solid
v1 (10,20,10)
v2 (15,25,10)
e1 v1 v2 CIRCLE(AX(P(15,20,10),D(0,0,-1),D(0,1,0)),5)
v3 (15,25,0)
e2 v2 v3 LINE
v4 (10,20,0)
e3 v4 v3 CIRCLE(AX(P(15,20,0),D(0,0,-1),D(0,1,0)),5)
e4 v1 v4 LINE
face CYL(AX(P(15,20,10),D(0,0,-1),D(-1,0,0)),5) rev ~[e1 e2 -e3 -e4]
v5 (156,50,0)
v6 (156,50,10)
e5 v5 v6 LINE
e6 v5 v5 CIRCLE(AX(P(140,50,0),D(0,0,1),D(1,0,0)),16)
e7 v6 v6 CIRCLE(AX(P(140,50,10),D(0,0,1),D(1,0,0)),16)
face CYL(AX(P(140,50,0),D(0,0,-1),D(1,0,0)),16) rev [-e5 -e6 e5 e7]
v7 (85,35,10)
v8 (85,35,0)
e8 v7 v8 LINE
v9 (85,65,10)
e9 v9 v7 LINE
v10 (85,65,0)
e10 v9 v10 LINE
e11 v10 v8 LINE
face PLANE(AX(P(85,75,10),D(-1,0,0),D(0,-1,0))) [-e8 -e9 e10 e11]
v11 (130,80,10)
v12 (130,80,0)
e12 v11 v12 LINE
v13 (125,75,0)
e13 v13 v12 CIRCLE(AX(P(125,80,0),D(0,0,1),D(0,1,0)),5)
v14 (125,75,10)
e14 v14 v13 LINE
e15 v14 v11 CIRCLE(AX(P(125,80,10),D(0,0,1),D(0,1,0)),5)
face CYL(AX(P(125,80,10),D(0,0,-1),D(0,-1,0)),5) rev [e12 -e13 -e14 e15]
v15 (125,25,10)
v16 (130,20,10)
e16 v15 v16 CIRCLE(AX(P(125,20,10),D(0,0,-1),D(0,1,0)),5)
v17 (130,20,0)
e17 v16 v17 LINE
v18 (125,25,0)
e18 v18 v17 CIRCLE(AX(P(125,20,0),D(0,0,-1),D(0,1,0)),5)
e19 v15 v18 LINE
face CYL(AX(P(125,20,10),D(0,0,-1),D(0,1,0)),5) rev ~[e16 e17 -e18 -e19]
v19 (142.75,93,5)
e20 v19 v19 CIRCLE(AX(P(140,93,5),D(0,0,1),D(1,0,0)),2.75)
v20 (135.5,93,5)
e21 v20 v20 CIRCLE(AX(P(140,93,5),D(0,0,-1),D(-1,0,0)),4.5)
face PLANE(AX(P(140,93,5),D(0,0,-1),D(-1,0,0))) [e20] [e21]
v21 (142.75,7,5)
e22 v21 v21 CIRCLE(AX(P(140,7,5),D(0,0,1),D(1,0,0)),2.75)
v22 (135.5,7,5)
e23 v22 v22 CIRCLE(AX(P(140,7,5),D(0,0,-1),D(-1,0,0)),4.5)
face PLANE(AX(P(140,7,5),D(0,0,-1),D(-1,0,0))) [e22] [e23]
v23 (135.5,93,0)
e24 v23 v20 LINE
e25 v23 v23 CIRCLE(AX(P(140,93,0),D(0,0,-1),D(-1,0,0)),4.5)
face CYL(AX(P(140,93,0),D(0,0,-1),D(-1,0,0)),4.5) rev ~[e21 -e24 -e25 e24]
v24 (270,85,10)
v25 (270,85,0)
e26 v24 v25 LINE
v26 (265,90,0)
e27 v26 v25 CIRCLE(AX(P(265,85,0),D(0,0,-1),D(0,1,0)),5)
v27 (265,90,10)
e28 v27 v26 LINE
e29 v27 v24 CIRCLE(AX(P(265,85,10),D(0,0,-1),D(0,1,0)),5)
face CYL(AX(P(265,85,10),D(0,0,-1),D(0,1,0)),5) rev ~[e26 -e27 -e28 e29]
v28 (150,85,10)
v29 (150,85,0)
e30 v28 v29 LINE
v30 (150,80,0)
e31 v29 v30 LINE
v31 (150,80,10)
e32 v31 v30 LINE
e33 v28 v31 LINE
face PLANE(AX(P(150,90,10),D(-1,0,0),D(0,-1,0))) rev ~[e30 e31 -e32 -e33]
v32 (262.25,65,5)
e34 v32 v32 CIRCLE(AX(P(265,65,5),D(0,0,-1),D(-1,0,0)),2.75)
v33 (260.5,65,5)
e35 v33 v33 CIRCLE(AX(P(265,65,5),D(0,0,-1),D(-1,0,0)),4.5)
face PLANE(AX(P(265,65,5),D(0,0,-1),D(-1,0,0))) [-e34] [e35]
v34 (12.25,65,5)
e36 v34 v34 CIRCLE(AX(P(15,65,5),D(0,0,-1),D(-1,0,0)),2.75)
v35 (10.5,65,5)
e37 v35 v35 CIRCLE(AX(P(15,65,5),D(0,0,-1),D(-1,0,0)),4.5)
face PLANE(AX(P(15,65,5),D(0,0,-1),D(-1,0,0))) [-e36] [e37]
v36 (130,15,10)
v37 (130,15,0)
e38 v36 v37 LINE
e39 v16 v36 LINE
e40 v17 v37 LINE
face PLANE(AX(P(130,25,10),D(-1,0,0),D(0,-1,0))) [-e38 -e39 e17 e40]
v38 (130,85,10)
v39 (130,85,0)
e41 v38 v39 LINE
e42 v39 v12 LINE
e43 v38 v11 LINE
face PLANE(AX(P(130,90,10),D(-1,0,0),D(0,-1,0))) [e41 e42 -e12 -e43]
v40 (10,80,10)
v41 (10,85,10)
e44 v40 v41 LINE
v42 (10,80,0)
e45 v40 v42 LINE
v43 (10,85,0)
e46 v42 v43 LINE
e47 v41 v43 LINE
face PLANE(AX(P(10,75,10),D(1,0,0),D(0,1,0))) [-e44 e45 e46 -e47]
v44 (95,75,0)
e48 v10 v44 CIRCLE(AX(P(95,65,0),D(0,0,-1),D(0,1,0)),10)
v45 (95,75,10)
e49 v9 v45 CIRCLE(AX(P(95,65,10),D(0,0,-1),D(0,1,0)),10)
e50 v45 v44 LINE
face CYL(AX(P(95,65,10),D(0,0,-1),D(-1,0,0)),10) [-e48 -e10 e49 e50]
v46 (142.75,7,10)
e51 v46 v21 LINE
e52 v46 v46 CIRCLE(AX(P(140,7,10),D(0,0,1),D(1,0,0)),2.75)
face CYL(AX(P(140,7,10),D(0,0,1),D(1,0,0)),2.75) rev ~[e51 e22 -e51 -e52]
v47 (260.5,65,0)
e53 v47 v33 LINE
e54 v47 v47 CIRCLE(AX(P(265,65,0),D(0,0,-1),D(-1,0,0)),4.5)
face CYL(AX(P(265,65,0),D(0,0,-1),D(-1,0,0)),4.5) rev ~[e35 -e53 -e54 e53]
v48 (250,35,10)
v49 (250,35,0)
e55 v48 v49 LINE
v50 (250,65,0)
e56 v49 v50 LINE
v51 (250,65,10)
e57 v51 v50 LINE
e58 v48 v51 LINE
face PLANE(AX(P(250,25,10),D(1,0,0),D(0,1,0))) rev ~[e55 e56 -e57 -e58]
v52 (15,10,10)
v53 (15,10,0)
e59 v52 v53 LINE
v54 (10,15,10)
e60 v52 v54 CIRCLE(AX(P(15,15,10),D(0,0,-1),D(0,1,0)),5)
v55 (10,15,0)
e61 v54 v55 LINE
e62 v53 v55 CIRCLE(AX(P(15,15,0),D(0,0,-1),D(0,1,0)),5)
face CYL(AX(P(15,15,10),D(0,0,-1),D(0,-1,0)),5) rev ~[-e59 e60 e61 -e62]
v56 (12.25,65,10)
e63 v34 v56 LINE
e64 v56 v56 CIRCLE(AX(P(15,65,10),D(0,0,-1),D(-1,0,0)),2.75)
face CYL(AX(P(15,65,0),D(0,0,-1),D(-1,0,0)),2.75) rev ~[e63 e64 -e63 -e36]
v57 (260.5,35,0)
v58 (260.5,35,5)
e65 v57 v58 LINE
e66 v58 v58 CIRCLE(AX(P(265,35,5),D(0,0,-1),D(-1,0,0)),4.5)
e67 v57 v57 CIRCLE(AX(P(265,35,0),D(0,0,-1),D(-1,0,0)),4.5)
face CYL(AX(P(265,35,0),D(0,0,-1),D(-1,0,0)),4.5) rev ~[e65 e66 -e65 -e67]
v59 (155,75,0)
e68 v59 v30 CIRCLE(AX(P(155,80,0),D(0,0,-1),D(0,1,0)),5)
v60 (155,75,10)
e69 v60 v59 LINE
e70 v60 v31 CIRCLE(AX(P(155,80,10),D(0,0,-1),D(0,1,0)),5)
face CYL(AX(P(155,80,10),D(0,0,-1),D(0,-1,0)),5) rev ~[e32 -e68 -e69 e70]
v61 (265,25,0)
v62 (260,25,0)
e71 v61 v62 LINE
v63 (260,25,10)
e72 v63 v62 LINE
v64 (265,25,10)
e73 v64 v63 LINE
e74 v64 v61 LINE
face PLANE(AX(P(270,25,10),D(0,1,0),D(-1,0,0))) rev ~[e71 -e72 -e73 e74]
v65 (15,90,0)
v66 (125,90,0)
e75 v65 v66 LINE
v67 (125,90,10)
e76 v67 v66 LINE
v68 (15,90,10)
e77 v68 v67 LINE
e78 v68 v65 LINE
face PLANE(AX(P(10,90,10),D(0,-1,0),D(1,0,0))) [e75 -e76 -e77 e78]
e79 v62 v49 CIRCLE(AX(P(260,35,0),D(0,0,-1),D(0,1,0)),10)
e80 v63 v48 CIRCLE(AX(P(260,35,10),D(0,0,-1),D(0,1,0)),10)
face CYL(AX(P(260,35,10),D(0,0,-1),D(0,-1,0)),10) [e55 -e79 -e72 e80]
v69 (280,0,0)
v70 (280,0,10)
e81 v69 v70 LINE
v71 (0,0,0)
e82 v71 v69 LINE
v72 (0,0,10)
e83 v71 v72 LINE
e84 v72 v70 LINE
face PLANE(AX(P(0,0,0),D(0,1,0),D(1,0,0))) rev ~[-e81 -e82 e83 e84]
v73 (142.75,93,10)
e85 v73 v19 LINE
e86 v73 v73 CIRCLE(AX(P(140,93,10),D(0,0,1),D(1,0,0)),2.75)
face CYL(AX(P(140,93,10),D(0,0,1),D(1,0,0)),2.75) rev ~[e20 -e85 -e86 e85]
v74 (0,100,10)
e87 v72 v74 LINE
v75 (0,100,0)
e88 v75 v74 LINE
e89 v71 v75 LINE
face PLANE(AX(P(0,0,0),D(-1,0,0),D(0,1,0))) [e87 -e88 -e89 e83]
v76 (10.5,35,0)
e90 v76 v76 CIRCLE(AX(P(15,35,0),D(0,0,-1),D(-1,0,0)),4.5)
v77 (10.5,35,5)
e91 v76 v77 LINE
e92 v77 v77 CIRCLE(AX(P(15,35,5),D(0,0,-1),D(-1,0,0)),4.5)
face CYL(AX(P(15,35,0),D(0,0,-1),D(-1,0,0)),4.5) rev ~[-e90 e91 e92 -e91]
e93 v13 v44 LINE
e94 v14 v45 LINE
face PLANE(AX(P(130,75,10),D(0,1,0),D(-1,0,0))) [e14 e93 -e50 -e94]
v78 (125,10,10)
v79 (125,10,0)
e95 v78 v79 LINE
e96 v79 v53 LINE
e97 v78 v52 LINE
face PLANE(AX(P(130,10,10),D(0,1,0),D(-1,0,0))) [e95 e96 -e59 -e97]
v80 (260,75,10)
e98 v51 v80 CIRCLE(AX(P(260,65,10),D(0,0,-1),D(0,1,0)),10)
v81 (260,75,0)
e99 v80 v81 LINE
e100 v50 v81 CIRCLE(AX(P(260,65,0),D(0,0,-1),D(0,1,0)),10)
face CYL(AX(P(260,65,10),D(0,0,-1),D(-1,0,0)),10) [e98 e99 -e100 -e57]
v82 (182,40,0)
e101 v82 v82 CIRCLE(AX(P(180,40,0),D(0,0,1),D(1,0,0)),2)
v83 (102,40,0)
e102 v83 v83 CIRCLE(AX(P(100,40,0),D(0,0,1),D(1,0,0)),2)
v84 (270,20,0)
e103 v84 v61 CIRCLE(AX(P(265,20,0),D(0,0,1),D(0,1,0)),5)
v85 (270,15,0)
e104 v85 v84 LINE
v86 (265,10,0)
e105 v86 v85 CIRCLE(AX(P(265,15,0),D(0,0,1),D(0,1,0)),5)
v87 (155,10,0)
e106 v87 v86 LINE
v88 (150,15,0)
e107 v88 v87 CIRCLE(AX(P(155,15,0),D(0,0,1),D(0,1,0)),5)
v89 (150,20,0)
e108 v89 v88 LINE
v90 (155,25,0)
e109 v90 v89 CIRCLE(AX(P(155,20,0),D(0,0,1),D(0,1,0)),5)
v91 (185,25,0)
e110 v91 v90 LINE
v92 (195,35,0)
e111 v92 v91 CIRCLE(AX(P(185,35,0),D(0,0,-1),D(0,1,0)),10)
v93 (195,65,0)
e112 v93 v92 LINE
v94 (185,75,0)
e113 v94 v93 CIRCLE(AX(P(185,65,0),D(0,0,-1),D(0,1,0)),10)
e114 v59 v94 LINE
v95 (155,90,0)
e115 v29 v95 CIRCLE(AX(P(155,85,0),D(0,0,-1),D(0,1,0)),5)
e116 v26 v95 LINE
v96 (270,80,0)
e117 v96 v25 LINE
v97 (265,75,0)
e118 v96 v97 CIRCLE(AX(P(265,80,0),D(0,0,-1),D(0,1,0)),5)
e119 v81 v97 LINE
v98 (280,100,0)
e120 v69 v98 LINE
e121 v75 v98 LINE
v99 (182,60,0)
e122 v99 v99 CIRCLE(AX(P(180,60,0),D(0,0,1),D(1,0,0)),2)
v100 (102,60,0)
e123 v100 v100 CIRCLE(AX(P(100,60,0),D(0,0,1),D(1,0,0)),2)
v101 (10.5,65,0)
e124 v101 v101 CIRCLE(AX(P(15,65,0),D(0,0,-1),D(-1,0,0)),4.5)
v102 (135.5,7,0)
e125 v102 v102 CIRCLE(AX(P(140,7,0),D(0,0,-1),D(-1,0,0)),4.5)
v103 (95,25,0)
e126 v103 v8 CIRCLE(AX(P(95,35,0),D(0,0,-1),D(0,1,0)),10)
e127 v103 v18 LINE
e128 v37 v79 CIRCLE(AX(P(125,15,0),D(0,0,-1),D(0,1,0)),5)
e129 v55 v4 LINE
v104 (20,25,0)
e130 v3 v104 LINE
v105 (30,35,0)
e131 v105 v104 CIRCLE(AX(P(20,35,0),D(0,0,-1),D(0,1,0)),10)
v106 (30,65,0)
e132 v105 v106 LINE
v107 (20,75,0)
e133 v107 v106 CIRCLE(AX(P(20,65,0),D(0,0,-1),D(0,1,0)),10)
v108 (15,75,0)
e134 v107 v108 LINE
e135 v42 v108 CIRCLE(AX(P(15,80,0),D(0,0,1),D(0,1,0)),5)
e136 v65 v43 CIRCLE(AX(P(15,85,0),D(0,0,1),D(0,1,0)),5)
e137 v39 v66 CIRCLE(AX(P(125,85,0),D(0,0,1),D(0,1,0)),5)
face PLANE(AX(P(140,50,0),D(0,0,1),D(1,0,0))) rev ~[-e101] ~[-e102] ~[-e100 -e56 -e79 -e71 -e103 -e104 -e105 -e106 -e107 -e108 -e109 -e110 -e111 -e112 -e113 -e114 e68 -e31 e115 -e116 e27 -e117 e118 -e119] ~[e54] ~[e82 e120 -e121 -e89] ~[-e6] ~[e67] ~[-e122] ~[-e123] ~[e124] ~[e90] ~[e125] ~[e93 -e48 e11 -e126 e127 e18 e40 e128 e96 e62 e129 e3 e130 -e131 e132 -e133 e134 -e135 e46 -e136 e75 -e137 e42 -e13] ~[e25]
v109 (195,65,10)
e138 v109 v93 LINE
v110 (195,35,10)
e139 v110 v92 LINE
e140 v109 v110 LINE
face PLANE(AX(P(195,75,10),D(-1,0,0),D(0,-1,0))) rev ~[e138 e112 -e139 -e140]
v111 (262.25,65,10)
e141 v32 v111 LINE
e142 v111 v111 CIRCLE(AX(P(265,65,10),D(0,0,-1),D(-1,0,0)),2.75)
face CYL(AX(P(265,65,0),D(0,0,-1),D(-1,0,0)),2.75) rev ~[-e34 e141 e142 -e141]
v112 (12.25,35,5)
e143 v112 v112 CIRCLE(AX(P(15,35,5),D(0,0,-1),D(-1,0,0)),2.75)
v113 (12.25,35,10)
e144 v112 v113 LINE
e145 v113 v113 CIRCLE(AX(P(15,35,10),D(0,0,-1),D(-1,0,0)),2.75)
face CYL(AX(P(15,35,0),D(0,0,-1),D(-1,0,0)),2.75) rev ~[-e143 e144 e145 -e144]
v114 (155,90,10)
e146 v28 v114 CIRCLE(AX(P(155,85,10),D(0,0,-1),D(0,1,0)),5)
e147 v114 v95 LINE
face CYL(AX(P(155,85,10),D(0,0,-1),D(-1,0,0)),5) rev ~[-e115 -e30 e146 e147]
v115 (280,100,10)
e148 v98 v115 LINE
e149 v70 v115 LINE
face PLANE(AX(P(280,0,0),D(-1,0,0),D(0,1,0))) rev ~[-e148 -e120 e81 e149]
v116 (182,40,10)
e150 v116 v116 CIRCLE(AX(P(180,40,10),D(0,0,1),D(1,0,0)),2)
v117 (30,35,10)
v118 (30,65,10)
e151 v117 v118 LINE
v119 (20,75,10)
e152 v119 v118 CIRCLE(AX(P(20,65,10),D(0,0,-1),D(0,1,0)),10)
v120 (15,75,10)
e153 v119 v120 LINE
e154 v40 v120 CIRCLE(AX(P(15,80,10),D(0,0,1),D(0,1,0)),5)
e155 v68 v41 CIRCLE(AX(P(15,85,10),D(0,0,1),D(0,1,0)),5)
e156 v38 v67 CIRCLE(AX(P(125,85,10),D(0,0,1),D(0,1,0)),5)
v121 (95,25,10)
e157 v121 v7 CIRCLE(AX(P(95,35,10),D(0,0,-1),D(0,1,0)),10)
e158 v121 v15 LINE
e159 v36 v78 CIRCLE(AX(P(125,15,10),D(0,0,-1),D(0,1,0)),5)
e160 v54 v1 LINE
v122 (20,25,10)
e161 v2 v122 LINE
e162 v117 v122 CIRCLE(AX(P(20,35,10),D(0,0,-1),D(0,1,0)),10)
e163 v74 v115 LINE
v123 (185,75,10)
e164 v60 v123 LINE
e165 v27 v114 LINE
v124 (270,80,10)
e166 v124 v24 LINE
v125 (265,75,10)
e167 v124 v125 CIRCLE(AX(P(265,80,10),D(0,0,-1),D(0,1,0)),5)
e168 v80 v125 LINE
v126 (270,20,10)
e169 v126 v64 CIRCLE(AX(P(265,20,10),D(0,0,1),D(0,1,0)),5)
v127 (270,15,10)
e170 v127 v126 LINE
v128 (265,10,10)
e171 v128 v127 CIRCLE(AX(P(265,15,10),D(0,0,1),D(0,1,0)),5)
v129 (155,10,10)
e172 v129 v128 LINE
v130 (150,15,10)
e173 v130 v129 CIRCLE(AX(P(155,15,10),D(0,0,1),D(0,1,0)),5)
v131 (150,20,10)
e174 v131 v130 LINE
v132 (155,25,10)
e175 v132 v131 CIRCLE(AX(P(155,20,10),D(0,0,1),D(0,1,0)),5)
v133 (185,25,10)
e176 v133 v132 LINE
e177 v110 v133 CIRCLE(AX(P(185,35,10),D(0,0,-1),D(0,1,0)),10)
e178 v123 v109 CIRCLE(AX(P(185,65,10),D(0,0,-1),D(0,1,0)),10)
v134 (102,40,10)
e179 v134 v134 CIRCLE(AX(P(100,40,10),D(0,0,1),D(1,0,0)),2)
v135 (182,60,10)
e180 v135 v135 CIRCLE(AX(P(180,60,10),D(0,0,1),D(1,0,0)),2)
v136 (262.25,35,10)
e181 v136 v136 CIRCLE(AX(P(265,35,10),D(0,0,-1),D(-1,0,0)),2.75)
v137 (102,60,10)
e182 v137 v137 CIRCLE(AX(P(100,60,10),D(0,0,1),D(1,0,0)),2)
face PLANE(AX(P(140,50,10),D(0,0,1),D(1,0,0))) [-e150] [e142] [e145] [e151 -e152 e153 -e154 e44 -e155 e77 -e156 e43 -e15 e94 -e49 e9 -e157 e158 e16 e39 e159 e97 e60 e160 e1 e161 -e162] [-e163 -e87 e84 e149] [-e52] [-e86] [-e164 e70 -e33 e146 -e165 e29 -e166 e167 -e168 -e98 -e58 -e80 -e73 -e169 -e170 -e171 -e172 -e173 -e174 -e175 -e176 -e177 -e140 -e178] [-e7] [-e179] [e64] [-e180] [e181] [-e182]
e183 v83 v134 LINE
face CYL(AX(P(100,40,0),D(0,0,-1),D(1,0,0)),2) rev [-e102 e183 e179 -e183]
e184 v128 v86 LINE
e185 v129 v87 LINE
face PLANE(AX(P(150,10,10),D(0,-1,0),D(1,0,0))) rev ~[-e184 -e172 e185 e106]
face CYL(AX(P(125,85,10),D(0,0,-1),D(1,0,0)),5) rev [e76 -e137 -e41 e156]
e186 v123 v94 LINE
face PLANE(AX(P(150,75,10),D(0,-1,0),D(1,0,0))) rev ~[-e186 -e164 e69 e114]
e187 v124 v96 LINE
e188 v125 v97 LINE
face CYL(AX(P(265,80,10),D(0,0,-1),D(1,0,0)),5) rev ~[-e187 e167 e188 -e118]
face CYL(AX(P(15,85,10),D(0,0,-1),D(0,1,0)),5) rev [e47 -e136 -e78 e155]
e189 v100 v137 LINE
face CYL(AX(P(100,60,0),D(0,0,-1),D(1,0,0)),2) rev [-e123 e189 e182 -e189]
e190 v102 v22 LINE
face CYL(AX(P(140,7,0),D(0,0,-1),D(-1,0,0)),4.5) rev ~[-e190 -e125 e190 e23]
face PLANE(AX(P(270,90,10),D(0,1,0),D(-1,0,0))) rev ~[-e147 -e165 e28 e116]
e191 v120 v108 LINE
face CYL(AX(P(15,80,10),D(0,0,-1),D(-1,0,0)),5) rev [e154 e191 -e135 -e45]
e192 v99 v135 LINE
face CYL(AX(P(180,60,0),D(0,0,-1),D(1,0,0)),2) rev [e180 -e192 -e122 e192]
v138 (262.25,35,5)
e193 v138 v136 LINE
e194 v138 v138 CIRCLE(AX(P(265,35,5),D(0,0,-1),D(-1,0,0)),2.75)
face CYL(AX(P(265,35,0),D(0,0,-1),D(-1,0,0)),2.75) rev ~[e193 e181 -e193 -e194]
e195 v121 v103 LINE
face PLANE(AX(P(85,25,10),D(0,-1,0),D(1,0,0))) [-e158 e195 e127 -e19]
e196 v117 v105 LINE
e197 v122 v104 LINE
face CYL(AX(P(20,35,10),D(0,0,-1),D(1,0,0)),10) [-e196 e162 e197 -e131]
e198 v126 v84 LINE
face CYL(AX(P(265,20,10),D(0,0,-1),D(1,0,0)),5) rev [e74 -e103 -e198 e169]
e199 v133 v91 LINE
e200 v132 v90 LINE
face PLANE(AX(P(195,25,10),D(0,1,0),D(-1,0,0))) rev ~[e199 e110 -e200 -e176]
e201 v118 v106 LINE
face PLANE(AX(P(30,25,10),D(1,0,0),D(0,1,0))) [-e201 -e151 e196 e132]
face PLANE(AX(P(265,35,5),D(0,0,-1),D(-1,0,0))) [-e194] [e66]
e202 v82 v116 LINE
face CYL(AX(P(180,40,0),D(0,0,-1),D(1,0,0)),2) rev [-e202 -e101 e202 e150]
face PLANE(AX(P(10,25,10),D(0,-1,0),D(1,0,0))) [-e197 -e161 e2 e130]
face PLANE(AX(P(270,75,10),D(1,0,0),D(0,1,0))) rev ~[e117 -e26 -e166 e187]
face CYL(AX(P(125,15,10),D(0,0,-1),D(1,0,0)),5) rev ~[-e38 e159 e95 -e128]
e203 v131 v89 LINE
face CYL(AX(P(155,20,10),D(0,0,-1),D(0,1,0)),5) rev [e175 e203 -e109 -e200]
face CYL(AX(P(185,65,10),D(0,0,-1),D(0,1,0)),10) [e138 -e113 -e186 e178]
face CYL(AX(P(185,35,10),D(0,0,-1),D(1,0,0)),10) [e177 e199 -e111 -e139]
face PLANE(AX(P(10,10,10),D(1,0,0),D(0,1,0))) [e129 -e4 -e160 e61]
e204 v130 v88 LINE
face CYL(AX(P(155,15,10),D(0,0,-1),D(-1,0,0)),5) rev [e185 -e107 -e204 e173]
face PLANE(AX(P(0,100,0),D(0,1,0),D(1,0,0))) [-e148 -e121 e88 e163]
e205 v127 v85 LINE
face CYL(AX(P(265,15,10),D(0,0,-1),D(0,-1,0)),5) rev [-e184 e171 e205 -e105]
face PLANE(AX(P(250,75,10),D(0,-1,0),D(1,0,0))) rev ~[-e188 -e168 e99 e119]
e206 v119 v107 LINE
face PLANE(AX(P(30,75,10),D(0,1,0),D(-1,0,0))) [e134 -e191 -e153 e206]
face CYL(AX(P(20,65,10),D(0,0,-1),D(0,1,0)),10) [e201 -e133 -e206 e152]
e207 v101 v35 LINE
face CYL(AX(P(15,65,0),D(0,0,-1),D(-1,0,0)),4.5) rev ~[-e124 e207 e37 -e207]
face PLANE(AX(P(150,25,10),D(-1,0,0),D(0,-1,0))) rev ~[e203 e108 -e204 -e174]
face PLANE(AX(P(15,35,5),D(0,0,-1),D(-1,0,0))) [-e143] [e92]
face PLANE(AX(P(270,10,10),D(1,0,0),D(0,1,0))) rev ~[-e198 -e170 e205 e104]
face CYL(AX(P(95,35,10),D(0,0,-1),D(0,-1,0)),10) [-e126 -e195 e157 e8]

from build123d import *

# Parameters (mm, degrees)
SKETCH1_W           = 280
SKETCH1_H           = 100
SKETCH1_R           = 2
SKETCH1_R_2         = 16
BOSS_EXTRUDE1_DEPTH = 10
SKETCH2_R           = 2.75
CUT_EXTRUDE1_DEPTH  = 11
SKETCH3_R           = 4.5
CUT_EXTRUDE2_DEPTH  = 5
CUT_EXTRUDE3_DEPTH  = 11
FILLET1_R           = 10
FILLET2_R           = 5
SKETCH5_R           = 2.75
CUT_EXTRUDE4_DEPTH  = 11
SKETCH6_R           = 4.5
CUT_EXTRUDE5_DEPTH  = 5


with BuildPart() as part:
    # Sketch1 → Boss-Extrude1 (new body)
    with BuildSketch(Plane.XY):
        with Locations((140, 50)):
            Rectangle(SKETCH1_W, SKETCH1_H)
        with Locations((180, 60)):
            Circle(SKETCH1_R, mode=Mode.SUBTRACT)
        with Locations((180, 40)):
            Circle(SKETCH1_R, mode=Mode.SUBTRACT)
        with Locations((100, 60)):
            Circle(SKETCH1_R, mode=Mode.SUBTRACT)
        with Locations((100, 40)):
            Circle(SKETCH1_R, mode=Mode.SUBTRACT)
        with Locations((140, 50)):
            Circle(SKETCH1_R_2, mode=Mode.SUBTRACT)
    extrude(amount=BOSS_EXTRUDE1_DEPTH)

    # Sketch2 → Cut-Extrude1 (cut, through all)
    with BuildSketch(Plane(origin=(0, 0, 0), x_dir=(-1, 0, 0), z_dir=(0, 0, -1))):
        with Locations((-15, 35)):
            Circle(SKETCH2_R)
        with Locations((-15, 65)):
            Circle(SKETCH2_R)
        with Locations((-265, 35)):
            Circle(SKETCH2_R)
        with Locations((-265, 65)):
            Circle(SKETCH2_R)
    extrude(amount=-CUT_EXTRUDE1_DEPTH, mode=Mode.SUBTRACT)

    # Sketch3 → Cut-Extrude2 (cut)
    with BuildSketch(Plane(origin=(0, 0, 0), x_dir=(-1, 0, 0), z_dir=(0, 0, -1))):
        with Locations((-265, 65)):
            Circle(SKETCH3_R)
        with Locations((-265, 35)):
            Circle(SKETCH3_R)
        with Locations((-15, 35)):
            Circle(SKETCH3_R)
        with Locations((-15, 65)):
            Circle(SKETCH3_R)
    extrude(amount=-CUT_EXTRUDE2_DEPTH, mode=Mode.SUBTRACT)

    # Sketch4 → Cut-Extrude3 (cut, through all)
    with BuildSketch(Plane.XY.offset(10)):
        Polygon((10, 25), (30, 25), (30, 75), (10, 75), (10, 90), (130, 90), (130, 75), (85, 75), (85, 25), (130, 25), (130, 10), (10, 10), align=None)
        Polygon((150, 90), (150, 75), (195, 75), (195, 25), (150, 25), (150, 10), (270, 10), (270, 25), (250, 25), (250, 75), (270, 75), (270, 90), align=None)
    extrude(amount=-CUT_EXTRUDE3_DEPTH, mode=Mode.SUBTRACT)

    # Fillet1
    fillet1_edges = [part.edges().sort_by_distance(p)[0] for p in [
        (250, 75, 5),
        (250, 25, 5),
        (195, 25, 5),
        (195, 75, 5),
        (30, 25, 5),
        (30, 75, 5),
        (85, 75, 5),
        (85, 25, 5),
    ]]
    fillet(fillet1_edges, radius=FILLET1_R)

    # Fillet2
    fillet2_edges = [part.edges().sort_by_distance(p)[0] for p in [
        (150, 90, 5),
        (270, 90, 5),
        (270, 75, 5),
        (270, 25, 5),
        (270, 10, 5),
        (150, 10, 5),
        (150, 25, 5),
        (150, 75, 5),
        (10, 10, 5),
        (10, 25, 5),
        (10, 75, 5),
        (10, 90, 5),
        (130, 90, 5),
        (130, 75, 5),
        (130, 25, 5),
        (130, 10, 5),
    ]]
    fillet(fillet2_edges, radius=FILLET2_R)

    # Sketch5 → Cut-Extrude4 (cut, through all)
    with BuildSketch(Plane.XY.offset(10)):
        with Locations((140, 7)):
            Circle(SKETCH5_R)
        with Locations((140, 93)):
            Circle(SKETCH5_R)
    extrude(amount=-CUT_EXTRUDE4_DEPTH, mode=Mode.SUBTRACT)

    # Sketch6 → Cut-Extrude5 (cut)
    with BuildSketch(Plane(origin=(0, 0, 0), x_dir=(-1, 0, 0), z_dir=(0, 0, -1))):
        with Locations((-140, 7)):
            Circle(SKETCH6_R)
        with Locations((-140, 93)):
            Circle(SKETCH6_R)
    extrude(amount=-CUT_EXTRUDE5_DEPTH, mode=Mode.SUBTRACT)


solid = part.part
